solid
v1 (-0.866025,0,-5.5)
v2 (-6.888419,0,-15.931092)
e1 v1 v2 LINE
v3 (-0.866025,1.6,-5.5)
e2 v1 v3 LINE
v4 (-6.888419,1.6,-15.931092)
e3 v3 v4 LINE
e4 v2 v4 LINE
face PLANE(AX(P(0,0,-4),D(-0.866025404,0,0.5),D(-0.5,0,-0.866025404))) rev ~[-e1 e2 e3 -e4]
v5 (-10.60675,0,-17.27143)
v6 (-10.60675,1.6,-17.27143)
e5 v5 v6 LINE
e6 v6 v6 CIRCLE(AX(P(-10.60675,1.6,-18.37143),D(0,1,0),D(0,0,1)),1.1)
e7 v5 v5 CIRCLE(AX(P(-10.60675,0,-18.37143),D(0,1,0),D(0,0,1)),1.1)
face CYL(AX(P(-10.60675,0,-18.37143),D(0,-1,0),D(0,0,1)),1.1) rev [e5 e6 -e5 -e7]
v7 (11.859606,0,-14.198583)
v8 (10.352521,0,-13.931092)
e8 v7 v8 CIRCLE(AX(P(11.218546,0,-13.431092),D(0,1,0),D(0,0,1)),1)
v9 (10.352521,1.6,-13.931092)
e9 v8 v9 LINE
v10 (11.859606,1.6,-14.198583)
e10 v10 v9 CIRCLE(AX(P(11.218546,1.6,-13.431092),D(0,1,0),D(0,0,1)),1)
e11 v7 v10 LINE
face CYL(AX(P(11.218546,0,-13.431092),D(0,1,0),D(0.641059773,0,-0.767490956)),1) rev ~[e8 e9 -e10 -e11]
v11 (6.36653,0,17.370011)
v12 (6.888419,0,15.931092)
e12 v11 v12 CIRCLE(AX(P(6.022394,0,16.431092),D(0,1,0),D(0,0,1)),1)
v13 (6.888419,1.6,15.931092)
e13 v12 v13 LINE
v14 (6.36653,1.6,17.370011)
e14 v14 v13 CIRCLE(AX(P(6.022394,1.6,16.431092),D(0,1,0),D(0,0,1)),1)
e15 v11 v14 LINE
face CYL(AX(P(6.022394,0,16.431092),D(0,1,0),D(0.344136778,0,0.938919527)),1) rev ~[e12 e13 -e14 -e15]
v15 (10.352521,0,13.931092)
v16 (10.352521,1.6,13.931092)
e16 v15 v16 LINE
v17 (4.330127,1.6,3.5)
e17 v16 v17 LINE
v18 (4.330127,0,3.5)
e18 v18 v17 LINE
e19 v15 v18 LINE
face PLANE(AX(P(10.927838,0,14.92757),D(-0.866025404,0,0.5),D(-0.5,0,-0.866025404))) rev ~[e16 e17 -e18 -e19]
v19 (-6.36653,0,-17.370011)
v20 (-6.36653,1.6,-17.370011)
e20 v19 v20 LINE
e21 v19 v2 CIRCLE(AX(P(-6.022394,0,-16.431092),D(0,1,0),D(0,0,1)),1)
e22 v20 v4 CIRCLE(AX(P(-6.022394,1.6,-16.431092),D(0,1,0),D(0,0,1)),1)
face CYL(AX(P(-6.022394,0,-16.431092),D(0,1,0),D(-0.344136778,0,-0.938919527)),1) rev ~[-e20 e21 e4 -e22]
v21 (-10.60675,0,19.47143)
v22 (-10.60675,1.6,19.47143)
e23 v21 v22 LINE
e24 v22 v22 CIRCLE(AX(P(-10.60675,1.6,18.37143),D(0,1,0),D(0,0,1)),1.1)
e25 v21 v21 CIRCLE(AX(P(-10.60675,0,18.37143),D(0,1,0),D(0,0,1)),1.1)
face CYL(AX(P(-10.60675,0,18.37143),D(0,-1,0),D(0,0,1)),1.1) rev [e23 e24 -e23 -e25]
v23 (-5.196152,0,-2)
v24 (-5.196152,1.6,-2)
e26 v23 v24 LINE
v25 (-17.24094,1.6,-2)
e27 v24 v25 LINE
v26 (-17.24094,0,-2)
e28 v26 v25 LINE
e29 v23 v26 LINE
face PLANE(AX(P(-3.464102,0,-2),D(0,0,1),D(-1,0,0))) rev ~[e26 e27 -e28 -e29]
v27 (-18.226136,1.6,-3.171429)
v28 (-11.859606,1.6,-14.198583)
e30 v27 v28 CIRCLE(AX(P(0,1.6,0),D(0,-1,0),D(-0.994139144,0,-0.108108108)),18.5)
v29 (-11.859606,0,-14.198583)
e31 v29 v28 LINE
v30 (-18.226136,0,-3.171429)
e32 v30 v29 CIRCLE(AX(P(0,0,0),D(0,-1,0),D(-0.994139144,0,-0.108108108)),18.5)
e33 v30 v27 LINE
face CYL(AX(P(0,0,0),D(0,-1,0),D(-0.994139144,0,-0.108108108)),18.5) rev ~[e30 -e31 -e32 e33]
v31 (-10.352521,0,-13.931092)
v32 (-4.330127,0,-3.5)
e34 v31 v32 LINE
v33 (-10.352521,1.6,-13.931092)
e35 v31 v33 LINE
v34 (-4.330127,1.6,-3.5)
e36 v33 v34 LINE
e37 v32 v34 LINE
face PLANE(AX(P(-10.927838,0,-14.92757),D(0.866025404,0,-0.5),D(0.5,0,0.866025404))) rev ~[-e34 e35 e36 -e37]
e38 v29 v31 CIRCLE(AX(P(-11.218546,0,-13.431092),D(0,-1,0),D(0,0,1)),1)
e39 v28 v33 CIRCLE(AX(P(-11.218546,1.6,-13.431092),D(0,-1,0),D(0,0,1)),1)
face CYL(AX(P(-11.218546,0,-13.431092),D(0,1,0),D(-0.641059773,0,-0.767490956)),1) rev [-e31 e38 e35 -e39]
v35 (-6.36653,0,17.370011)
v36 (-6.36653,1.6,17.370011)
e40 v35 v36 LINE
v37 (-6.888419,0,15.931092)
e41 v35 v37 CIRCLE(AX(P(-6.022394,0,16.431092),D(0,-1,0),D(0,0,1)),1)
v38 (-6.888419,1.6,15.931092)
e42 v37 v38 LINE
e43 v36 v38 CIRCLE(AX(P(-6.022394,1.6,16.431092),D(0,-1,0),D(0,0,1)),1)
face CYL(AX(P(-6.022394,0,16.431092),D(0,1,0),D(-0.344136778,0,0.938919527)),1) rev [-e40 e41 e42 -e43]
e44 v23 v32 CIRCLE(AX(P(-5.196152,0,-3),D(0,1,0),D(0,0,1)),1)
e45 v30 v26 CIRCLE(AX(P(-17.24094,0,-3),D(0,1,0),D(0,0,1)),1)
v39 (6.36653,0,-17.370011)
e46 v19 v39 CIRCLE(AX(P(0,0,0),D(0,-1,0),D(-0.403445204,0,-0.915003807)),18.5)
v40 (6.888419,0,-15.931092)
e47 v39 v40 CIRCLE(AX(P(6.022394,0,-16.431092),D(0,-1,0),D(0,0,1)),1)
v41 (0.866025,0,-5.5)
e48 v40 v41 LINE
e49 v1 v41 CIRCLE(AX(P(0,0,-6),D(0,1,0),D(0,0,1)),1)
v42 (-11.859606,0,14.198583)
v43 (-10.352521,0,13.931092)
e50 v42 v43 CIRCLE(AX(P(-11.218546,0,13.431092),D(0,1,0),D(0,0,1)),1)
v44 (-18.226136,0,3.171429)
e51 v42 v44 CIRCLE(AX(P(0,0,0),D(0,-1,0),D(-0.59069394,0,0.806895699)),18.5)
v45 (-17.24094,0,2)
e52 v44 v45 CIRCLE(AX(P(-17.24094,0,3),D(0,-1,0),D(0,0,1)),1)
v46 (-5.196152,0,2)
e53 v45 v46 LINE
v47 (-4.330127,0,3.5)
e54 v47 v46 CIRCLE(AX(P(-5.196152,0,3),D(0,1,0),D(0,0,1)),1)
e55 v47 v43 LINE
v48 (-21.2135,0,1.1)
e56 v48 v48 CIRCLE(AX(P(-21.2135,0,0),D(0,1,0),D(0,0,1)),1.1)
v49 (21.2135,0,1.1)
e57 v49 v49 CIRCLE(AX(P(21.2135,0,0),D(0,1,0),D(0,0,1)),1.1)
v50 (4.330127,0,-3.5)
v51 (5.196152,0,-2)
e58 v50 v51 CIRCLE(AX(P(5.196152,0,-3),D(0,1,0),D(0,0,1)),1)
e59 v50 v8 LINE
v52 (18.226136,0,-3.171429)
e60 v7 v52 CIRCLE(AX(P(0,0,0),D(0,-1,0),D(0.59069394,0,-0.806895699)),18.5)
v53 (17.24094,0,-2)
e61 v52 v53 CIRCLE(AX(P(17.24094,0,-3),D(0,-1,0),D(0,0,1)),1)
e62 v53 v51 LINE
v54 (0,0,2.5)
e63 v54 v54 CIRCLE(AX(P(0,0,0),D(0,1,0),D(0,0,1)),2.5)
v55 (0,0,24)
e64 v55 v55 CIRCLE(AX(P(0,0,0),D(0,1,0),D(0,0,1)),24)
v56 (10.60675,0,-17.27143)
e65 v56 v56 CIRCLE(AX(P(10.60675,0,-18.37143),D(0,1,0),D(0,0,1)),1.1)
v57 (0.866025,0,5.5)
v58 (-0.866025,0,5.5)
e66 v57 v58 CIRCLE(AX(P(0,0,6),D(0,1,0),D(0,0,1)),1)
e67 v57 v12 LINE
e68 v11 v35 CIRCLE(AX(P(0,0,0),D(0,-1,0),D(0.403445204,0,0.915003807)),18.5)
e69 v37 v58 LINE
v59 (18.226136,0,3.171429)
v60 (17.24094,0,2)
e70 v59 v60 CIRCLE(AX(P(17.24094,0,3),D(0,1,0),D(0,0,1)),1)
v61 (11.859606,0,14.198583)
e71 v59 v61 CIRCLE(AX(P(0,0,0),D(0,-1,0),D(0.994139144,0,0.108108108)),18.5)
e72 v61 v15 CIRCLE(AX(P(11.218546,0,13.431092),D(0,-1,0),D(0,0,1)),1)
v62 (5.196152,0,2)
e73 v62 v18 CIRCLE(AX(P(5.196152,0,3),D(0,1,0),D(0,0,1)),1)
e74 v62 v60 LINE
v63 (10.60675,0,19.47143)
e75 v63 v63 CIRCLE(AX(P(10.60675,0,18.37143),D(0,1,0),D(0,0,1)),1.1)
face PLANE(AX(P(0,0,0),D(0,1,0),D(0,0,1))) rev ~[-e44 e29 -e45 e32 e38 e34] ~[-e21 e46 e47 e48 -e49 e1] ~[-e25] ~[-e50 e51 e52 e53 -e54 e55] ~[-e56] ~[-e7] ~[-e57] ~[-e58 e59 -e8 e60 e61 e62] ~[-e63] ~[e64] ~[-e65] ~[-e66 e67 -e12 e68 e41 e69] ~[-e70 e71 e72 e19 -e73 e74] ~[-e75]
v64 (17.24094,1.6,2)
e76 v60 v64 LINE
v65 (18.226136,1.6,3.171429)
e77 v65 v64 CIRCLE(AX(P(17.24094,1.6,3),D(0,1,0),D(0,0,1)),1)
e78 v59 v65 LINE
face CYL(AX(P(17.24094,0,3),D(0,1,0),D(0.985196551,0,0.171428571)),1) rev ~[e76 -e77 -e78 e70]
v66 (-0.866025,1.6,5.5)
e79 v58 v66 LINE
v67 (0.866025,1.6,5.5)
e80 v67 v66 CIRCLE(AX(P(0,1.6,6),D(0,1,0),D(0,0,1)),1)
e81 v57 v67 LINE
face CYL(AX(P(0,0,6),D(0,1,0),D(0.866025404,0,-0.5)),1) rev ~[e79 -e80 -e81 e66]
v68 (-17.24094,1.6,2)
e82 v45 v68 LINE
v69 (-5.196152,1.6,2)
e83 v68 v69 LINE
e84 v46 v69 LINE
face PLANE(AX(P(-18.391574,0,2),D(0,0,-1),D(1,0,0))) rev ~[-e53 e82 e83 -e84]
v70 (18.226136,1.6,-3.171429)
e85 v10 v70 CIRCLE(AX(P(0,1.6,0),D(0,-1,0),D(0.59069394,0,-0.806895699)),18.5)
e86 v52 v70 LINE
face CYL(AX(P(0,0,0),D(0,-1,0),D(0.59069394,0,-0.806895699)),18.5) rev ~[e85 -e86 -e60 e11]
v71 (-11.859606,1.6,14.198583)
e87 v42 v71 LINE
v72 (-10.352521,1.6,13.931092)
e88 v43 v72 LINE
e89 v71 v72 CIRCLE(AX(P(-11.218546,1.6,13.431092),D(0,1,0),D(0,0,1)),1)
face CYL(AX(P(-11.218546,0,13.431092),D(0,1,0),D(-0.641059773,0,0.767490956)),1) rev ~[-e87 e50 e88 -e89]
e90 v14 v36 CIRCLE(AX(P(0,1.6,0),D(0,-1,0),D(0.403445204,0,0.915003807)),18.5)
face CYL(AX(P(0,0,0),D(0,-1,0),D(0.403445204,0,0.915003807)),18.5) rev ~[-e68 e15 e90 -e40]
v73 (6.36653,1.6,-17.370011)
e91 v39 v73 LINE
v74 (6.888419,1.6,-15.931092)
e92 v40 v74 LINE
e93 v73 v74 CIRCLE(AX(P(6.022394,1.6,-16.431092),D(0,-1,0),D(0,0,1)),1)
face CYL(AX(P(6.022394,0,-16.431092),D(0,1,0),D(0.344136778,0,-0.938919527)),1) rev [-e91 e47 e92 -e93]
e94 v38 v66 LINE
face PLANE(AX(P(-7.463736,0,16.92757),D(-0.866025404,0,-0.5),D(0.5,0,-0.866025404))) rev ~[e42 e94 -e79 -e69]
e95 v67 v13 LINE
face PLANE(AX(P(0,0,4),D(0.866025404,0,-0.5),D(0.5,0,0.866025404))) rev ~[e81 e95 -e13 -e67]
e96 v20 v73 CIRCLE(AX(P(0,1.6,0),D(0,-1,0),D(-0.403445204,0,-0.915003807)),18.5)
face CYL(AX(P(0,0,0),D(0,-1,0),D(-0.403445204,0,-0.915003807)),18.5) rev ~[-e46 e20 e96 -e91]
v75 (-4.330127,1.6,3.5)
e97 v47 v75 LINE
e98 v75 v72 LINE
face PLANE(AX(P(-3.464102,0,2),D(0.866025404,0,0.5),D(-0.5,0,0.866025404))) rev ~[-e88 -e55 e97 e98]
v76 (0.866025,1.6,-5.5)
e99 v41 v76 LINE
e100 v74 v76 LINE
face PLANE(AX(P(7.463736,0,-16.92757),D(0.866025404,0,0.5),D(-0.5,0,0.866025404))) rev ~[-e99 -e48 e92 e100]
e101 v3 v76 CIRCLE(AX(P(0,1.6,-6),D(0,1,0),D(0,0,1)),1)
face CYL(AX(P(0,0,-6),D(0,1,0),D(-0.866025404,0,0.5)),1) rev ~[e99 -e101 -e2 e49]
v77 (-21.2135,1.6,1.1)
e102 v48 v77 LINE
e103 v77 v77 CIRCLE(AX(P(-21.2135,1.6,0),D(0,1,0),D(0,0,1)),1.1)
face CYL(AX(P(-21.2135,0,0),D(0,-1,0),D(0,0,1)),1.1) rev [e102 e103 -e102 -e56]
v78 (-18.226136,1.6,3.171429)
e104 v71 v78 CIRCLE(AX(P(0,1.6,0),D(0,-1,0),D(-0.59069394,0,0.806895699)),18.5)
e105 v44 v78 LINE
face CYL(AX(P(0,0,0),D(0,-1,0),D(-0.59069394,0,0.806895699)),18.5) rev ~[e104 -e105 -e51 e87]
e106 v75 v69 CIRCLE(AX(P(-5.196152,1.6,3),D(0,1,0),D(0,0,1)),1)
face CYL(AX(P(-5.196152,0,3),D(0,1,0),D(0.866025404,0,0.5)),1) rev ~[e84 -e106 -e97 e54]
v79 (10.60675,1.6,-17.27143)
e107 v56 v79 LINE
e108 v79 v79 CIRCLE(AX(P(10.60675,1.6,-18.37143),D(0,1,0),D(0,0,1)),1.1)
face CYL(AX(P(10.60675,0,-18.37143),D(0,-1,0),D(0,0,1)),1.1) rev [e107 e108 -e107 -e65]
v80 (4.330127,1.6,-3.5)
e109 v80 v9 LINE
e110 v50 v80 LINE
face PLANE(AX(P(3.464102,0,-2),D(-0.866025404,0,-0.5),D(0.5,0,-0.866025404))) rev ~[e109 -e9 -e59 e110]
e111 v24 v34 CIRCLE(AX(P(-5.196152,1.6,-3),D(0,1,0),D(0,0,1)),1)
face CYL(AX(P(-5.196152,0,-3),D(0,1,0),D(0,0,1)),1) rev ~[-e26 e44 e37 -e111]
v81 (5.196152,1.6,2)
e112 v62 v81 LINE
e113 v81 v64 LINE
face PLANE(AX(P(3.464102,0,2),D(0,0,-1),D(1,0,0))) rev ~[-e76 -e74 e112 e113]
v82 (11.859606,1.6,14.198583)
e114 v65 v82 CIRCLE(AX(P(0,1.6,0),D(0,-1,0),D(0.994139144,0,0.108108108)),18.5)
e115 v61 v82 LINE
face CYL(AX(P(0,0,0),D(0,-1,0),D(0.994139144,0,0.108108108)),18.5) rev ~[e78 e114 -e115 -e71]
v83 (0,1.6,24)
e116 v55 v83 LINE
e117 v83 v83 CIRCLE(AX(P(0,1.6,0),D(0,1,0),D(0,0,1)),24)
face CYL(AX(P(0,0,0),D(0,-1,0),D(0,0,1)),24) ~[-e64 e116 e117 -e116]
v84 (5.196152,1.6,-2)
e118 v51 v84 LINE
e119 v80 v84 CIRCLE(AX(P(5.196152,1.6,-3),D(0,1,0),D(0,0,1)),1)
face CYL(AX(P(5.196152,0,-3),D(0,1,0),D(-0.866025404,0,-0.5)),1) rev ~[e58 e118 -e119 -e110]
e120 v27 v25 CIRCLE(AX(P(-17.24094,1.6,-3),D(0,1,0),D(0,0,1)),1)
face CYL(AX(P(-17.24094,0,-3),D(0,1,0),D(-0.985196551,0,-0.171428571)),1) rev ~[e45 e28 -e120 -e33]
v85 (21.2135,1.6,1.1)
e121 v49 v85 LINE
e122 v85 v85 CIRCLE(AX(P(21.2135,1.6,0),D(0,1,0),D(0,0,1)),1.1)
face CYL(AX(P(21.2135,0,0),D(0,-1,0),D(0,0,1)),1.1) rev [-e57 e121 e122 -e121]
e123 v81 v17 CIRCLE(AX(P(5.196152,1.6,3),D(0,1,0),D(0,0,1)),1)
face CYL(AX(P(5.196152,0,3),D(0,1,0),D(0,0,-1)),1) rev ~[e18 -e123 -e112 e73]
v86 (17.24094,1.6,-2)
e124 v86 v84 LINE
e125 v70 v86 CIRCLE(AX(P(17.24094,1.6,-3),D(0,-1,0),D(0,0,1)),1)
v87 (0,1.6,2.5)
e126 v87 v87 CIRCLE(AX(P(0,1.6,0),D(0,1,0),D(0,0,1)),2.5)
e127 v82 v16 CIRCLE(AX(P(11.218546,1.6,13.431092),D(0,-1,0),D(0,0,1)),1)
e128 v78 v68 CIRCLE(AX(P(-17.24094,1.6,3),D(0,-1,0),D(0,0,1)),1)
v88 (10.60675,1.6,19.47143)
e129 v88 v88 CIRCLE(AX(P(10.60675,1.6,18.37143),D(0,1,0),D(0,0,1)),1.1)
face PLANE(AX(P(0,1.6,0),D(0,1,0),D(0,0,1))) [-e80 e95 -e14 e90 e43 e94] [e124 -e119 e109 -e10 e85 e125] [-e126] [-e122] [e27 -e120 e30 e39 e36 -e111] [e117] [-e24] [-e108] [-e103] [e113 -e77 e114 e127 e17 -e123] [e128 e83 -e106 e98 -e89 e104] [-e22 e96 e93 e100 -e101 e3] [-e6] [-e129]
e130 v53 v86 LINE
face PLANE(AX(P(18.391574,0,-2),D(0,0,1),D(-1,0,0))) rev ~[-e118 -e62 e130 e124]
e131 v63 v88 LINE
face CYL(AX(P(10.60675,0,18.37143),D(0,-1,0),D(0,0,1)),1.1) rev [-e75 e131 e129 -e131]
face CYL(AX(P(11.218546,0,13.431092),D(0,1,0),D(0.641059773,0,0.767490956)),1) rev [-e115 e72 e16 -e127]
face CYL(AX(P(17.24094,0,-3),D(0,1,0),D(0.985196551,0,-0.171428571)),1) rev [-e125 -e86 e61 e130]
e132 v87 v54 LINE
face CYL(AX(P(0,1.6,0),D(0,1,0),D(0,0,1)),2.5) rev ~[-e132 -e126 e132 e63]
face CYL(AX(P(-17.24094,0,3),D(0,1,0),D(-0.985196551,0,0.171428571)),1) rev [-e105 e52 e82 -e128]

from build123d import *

# Parameters (mm, degrees)
SKETCH1_R           = 24
SKETCH1_R_2         = 1.1
BOSS_EXTRUDE1_DEPTH = 1.6
FILLET1_R           = 1
SKETCH2_R           = 2.5
CUT_EXTRUDE1_DEPTH  = 34.978816931


with BuildPart() as part:
    # Sketch1 → Boss-Extrude1 (new body)
    with BuildSketch(Plane(origin=(0, 0, 0), x_dir=(1, 0, 0), z_dir=(0, 1, 0))):
        with Locations(Location((0, 0, 0), (0, 0, 270))):
            Circle(SKETCH1_R)
        with BuildLine():
            Line((-7.463736271, -16.927570436), (0, -4))
            Line((0, -4), (7.463736271, -16.927570436))
            ThreePointArc((7.463736271, -16.927570436), (0, -18.5), (-7.463736271, -16.927570436))
        make_face(mode=Mode.SUBTRACT)
        with BuildLine():
            Line((10.927837886, -14.927570436), (3.464101615, -2))
            Line((3.464101615, -2), (18.391574158, -2))
            ThreePointArc((18.391574158, -2), (16.02146997, -9.25), (10.927837886, -14.927570436))
        make_face(mode=Mode.SUBTRACT)
        with BuildLine():
            Line((18.391574158, 2), (3.464101615, 2))
            Line((3.464101615, 2), (10.927837886, 14.927570436))
            ThreePointArc((10.927837886, 14.927570436), (16.02146997, 9.25), (18.391574158, 2))
        make_face(mode=Mode.SUBTRACT)
        with BuildLine():
            Line((7.463736271, 16.927570436), (0, 4))
            Line((0, 4), (-7.463736271, 16.927570436))
            ThreePointArc((-7.463736271, 16.927570436), (0, 18.5), (7.463736271, 16.927570436))
        make_face(mode=Mode.SUBTRACT)
        with BuildLine():
            Line((-10.927837886, 14.927570436), (-3.464101615, 2))
            Line((-3.464101615, 2), (-18.391574158, 2))
            ThreePointArc((-18.391574158, 2), (-16.02146997, 9.25), (-10.927837886, 14.927570436))
        make_face(mode=Mode.SUBTRACT)
        with BuildLine():
            Line((-18.391574158, -2), (-3.464101615, -2))
            Line((-3.464101615, -2), (-10.927837886, -14.927570436))
            ThreePointArc((-10.927837886, -14.927570436), (-16.02146997, -9.25), (-18.391574158, -2))
        make_face(mode=Mode.SUBTRACT)
        with Locations(Location((-10.60675, -18.371429903, 0), (0, 0, 270))):
            Circle(SKETCH1_R_2, mode=Mode.SUBTRACT)
        with Locations(Location((-21.2135, 0, 0), (0, 0, 270))):
            Circle(SKETCH1_R_2, mode=Mode.SUBTRACT)
        with Locations(Location((10.60675, -18.371429903, 0), (0, 0, 270))):
            Circle(SKETCH1_R_2, mode=Mode.SUBTRACT)
        with Locations(Location((21.2135, 0, 0), (0, 0, 270))):
            Circle(SKETCH1_R_2, mode=Mode.SUBTRACT)
        with Locations(Location((-10.60675, 18.371429903, 0), (0, 0, 270))):
            Circle(SKETCH1_R_2, mode=Mode.SUBTRACT)
        with Locations(Location((10.60675, 18.371429903, 0), (0, 0, 270))):
            Circle(SKETCH1_R_2, mode=Mode.SUBTRACT)
    extrude(amount=BOSS_EXTRUDE1_DEPTH)

    # Fillet1
    fillet1_edges = [part.edges().sort_by_distance(p)[0] for p in [
        (-3.464101615, 0.8, 2),
        (-18.391574158, 0.8, 2),
        (-10.927837886, 0.8, 14.927570436),
        (-18.391574158, 0.8, -2),
        (-3.464101615, 0.8, -2),
        (-10.927837886, 0.8, -14.927570436),
        (-7.463736271, 0.8, 16.927570436),
        (7.463736271, 0.8, 16.927570436),
        (0, 0.8, 4),
        (10.927837886, 0.8, 14.927570436),
        (18.391574158, 0.8, 2),
        (3.464101615, 0.8, 2),
        (18.391574158, 0.8, -2),
        (10.927837886, 0.8, -14.927570436),
        (3.464101615, 0.8, -2),
        (7.463736271, 0.8, -16.927570436),
        (-7.463736271, 0.8, -16.927570436),
        (0, 0.8, -4),
    ]]
    fillet(fillet1_edges, radius=FILLET1_R)

    # Sketch2 → Cut-Extrude1 (cut, through all)
    with BuildSketch(Plane(origin=(0, 1.6, 0), x_dir=(1, 0, 0), z_dir=(0, 1, 0))):
        with Locations(Location((0, 0, 0), (0, 0, 270))):
            Circle(SKETCH2_R)
    extrude(amount=-CUT_EXTRUDE1_DEPTH, mode=Mode.SUBTRACT)


solid = part.part
